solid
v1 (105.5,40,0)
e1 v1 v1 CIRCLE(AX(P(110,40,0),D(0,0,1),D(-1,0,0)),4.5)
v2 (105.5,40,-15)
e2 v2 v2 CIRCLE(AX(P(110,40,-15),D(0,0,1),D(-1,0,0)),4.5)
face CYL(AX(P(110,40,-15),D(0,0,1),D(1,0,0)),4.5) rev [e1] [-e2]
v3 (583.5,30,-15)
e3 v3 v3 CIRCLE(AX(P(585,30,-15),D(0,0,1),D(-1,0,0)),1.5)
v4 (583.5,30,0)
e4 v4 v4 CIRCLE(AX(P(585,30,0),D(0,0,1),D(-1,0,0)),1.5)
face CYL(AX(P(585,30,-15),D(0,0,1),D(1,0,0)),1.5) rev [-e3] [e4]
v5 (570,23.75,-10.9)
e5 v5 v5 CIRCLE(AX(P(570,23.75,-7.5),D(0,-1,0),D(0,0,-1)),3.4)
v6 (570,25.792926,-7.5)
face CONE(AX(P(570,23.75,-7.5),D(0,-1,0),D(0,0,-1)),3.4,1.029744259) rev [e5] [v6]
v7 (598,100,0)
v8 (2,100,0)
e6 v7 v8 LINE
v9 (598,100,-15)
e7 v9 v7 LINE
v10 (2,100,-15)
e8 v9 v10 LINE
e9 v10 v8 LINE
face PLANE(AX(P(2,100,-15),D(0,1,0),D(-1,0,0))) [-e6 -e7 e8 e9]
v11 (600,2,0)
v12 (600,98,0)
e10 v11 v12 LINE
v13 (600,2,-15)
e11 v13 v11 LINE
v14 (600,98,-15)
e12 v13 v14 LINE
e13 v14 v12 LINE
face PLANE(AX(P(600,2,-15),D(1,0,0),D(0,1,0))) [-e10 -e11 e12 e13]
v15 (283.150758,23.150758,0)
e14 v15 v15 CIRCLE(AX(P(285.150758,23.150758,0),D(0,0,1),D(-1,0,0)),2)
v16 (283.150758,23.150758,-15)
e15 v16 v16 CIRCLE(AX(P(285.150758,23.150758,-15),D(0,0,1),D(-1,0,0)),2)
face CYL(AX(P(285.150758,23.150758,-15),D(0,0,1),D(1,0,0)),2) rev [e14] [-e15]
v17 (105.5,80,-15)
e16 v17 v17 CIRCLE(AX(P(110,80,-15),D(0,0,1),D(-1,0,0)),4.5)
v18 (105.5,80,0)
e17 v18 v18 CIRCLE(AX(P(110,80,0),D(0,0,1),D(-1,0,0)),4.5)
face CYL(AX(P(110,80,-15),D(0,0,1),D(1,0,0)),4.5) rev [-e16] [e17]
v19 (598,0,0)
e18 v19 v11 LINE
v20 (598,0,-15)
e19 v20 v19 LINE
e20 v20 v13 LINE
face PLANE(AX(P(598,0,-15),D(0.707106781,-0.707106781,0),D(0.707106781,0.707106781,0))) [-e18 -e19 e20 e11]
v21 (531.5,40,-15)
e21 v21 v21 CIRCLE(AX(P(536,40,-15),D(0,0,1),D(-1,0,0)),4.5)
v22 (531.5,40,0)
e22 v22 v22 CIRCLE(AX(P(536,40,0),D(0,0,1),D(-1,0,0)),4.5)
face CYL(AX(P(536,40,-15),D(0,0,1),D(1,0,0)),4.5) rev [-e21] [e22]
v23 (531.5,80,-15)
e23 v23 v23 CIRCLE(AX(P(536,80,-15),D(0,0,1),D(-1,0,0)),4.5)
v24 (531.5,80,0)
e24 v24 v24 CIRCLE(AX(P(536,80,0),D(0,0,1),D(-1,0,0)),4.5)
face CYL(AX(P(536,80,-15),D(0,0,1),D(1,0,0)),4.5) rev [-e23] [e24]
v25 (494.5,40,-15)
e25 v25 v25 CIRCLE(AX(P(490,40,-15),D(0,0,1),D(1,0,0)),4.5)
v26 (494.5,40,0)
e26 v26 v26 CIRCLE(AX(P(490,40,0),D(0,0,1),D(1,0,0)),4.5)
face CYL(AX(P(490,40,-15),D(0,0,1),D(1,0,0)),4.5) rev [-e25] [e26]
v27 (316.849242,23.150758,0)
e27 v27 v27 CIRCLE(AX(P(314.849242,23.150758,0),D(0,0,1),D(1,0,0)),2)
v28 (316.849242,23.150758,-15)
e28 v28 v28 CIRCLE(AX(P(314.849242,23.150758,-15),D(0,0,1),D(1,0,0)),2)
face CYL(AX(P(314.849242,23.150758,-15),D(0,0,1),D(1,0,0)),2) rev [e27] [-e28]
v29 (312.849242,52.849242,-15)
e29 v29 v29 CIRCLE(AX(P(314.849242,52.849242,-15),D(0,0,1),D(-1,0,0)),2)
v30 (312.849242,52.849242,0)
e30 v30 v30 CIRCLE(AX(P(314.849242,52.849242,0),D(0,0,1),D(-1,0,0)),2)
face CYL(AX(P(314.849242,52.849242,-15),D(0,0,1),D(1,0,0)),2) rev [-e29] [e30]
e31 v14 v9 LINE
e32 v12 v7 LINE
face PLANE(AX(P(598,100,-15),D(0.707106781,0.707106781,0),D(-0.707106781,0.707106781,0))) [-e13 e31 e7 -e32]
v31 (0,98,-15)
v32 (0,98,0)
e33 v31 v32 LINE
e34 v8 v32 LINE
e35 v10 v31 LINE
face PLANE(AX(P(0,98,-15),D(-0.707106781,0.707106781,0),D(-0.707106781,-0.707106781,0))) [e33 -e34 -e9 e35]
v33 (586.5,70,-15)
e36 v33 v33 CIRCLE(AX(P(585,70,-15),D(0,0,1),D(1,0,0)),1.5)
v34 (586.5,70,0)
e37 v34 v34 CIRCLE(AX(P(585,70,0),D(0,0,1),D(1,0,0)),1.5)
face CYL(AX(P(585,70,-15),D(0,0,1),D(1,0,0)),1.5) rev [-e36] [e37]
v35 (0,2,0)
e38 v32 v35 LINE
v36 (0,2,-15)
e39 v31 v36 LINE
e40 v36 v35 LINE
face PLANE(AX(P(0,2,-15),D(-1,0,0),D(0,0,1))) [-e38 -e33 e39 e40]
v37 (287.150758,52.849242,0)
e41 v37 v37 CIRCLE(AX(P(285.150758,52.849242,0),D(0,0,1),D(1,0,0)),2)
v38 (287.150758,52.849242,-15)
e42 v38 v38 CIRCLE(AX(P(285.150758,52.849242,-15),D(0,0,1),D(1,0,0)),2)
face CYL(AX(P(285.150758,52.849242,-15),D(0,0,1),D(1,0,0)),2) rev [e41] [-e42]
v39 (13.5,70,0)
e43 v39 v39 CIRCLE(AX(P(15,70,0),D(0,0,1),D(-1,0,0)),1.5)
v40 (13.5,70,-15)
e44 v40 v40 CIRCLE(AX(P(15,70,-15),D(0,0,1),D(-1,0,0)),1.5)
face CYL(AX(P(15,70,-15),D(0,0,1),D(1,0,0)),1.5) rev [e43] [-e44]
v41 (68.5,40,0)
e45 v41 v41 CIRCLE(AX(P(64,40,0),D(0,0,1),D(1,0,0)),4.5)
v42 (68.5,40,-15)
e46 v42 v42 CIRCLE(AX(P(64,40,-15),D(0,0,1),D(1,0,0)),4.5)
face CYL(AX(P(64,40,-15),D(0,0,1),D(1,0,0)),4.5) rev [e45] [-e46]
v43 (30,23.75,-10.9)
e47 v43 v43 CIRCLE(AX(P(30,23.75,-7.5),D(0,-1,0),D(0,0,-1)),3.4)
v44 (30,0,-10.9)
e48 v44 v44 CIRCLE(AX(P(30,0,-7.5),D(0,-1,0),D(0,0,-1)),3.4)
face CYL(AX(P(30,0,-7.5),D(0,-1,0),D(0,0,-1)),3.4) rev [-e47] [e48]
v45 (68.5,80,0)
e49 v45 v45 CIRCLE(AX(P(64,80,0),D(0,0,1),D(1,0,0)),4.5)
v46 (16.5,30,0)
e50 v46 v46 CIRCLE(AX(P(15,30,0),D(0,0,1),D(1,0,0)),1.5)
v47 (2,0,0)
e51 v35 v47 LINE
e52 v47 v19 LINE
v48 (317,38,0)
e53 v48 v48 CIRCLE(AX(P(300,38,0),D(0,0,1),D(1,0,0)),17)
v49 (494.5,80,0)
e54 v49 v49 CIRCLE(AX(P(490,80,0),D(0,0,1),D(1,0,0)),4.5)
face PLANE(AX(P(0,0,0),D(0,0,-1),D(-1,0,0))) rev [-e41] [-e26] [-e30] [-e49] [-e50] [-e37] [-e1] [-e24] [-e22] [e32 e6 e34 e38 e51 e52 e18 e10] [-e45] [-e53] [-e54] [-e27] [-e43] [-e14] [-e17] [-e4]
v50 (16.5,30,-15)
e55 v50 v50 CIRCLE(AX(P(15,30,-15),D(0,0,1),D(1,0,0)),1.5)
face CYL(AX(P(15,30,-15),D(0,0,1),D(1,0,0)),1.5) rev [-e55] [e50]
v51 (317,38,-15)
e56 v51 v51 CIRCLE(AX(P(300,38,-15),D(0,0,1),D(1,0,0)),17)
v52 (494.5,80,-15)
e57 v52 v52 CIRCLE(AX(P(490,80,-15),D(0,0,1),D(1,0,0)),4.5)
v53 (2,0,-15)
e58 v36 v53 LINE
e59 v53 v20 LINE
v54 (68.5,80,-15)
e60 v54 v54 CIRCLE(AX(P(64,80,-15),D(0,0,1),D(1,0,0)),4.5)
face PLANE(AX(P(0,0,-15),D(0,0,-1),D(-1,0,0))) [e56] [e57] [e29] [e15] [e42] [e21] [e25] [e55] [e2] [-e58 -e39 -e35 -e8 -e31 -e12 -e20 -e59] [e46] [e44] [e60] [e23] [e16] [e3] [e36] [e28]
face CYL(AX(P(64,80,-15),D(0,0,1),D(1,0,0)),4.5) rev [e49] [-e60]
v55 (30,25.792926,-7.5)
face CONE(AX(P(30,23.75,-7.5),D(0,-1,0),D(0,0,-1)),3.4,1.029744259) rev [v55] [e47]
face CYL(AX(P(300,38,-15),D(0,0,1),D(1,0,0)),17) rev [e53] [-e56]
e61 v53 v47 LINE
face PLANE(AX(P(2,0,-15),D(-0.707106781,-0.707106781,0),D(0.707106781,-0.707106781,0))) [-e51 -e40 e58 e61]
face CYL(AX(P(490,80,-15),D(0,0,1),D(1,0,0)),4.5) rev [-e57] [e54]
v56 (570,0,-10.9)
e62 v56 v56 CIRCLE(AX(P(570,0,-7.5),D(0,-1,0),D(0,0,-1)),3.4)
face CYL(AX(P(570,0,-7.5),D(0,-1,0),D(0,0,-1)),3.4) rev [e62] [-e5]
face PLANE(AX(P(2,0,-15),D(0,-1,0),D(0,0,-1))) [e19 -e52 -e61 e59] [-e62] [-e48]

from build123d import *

# Parameters (mm, degrees)
SCHIZZO1_R                   = 17
SCHIZZO1_R_2                 = 2
SCHIZZO1_R_3                 = 4.5
SCHIZZO1_R_4                 = 1.5
ESTRUSIONE_ESTRUSIONE1_DEPTH = 15
M8_TAPPED_HOLE1_D            = 6.8
M8_TAPPED_HOLE1_DEPTH        = 23.75
M8_TAPPED_HOLE1_TIP          = 2.042926105


with BuildPart() as part:
    # Schizzo1 → Estrusione-Estrusione1 (new body)
    with BuildSketch(Plane.XY):
        Polygon((2, 0), (598, 0), (600, 2), (600, 98), (598, 100), (2, 100), (0, 98), (0, 2), align=None)
        with Locations((300, 38)):
            Circle(SCHIZZO1_R, mode=Mode.SUBTRACT)
        with Locations(Location((314.849242405, 52.849242405, 0), (0, 0, 180))):
            Circle(SCHIZZO1_R_2, mode=Mode.SUBTRACT)
        with Locations(Location((110, 40, 0), (0, 0, 180))):
            Circle(SCHIZZO1_R_3, mode=Mode.SUBTRACT)
        with Locations((314.849242405, 23.150757595)):
            Circle(SCHIZZO1_R_2, mode=Mode.SUBTRACT)
        with Locations(Location((285.150757595, 23.150757595, 0), (0, 0, 180))):
            Circle(SCHIZZO1_R_2, mode=Mode.SUBTRACT)
        with Locations(Location((110, 80, 0), (0, 0, 180))):
            Circle(SCHIZZO1_R_3, mode=Mode.SUBTRACT)
        with Locations(Location((536, 40, 0), (0, 0, 180))):
            Circle(SCHIZZO1_R_3, mode=Mode.SUBTRACT)
        with Locations((64, 40)):
            Circle(SCHIZZO1_R_3, mode=Mode.SUBTRACT)
        with Locations((64, 80)):
            Circle(SCHIZZO1_R_3, mode=Mode.SUBTRACT)
        with Locations((490, 40)):
            Circle(SCHIZZO1_R_3, mode=Mode.SUBTRACT)
        with Locations((15, 30)):
            Circle(SCHIZZO1_R_4, mode=Mode.SUBTRACT)
        with Locations(Location((585, 30, 0), (0, 0, 180))):
            Circle(SCHIZZO1_R_4, mode=Mode.SUBTRACT)
        with Locations((285.150757595, 52.849242405)):
            Circle(SCHIZZO1_R_2, mode=Mode.SUBTRACT)
        with Locations((490, 80)):
            Circle(SCHIZZO1_R_3, mode=Mode.SUBTRACT)
        with Locations(Location((536, 80, 0), (0, 0, 180))):
            Circle(SCHIZZO1_R_3, mode=Mode.SUBTRACT)
        with Locations((585, 70)):
            Circle(SCHIZZO1_R_4, mode=Mode.SUBTRACT)
        with Locations(Location((15, 70, 0), (0, 0, 180))):
            Circle(SCHIZZO1_R_4, mode=Mode.SUBTRACT)
    extrude(amount=-ESTRUSIONE_ESTRUSIONE1_DEPTH)

    # M8 Tapped Hole1
    with Locations(Plane(origin=(30, 0, -7.5), x_dir=(0, 0, -1), z_dir=(0, -1, 0))):
        with Locations((0, 0), (0, 540)):
            Hole(M8_TAPPED_HOLE1_D / 2, depth=M8_TAPPED_HOLE1_DEPTH)
            with Locations((0, 0, -(M8_TAPPED_HOLE1_DEPTH + M8_TAPPED_HOLE1_TIP / 2))):  # 118° drill point
                Cone(0, M8_TAPPED_HOLE1_D / 2, M8_TAPPED_HOLE1_TIP, mode=Mode.SUBTRACT)


solid = part.part
